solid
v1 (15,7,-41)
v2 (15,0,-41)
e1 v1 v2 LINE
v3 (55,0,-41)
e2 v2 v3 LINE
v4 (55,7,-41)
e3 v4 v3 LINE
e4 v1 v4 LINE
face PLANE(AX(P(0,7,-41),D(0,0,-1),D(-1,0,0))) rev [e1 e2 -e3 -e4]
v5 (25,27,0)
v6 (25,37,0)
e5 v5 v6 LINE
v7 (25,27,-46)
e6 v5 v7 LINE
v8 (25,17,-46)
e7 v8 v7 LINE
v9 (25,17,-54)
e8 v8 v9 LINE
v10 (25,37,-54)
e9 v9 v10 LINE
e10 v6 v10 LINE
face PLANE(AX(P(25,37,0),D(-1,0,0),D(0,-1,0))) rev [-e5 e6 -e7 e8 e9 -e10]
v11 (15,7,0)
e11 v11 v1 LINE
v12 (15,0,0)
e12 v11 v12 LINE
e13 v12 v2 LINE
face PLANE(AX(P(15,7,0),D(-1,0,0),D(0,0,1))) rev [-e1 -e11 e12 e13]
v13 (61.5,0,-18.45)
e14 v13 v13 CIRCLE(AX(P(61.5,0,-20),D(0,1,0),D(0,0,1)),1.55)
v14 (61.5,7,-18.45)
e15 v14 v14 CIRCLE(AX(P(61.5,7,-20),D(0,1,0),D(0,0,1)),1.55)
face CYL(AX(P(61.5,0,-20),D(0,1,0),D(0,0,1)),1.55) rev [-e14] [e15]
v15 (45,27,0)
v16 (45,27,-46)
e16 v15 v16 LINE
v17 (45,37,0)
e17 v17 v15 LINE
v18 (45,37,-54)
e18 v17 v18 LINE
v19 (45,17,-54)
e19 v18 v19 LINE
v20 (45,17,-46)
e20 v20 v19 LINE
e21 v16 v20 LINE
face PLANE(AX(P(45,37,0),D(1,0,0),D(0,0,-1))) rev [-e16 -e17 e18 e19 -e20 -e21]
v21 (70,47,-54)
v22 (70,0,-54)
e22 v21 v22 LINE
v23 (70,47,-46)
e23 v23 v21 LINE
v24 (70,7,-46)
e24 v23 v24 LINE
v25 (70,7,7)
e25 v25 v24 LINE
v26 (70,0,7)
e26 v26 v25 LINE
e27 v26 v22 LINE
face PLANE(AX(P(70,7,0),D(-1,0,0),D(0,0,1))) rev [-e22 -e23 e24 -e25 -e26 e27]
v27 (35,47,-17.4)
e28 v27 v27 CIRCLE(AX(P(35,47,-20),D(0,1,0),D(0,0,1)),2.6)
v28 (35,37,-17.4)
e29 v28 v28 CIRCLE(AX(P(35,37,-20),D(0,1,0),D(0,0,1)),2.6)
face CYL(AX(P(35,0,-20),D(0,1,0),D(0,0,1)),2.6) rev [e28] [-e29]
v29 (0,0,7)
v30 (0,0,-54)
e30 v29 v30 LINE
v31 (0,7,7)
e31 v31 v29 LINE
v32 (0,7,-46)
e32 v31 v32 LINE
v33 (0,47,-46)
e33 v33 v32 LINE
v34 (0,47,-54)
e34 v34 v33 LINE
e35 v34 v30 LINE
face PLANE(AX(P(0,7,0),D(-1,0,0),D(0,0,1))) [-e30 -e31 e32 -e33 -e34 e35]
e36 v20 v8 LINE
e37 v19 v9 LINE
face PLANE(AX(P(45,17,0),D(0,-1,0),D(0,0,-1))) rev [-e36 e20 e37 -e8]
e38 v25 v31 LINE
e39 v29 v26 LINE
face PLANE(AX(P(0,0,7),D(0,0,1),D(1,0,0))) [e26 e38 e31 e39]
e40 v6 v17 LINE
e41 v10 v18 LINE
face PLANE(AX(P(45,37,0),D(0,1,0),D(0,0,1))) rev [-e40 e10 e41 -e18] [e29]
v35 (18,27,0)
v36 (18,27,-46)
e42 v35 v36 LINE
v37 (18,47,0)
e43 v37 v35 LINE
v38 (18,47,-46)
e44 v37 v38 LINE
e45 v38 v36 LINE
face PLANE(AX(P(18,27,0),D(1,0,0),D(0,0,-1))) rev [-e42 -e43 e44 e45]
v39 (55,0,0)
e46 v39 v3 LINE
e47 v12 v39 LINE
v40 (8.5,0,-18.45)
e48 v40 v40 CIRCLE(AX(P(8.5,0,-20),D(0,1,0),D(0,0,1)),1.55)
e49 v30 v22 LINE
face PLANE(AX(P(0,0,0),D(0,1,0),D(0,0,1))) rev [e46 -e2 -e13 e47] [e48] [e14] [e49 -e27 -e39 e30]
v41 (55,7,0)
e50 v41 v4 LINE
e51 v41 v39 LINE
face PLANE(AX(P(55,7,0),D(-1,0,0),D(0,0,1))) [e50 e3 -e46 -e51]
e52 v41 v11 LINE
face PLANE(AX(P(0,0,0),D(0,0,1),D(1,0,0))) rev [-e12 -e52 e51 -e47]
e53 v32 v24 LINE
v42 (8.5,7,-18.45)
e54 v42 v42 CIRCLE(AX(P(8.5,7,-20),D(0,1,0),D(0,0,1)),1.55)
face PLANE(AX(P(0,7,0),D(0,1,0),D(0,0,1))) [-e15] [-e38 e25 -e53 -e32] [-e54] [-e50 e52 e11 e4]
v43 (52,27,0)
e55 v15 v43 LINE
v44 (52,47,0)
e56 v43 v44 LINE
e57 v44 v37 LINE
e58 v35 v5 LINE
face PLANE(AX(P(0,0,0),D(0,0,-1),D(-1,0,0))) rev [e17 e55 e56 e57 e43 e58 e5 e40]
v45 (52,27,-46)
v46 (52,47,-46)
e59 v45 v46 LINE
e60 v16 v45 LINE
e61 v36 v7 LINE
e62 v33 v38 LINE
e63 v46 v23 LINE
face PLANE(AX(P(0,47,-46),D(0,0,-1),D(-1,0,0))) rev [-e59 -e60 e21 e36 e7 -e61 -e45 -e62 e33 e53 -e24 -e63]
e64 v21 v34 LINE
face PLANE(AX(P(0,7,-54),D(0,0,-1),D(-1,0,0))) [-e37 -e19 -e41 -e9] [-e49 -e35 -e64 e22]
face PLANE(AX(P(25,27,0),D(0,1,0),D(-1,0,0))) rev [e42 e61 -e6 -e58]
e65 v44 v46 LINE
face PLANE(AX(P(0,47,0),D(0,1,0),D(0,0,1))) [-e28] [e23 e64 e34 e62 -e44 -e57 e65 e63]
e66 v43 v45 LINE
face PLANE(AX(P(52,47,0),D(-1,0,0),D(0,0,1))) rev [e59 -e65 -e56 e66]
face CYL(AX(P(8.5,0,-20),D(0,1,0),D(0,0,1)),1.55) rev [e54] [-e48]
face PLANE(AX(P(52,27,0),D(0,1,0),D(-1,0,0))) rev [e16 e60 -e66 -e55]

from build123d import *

# Parameters (mm, degrees)
BOSS_EXTRUDE1_DEPTH = 7
SKETCH4_R           = 1.55
CUT_EXTRUDE1_DEPTH  = 89.684835231
SKETCH5_W           = 70
SKETCH5_H           = 8
BOSS_EXTRUDE2_DEPTH = 40
SKETCH6_W           = 20
SKETCH6_H           = 20
CUT_EXTRUDE2_DEPTH  = 101.124921973
BOSS_EXTRUDE4_DEPTH = 46
SKETCH9_R           = 2.6
CUT_EXTRUDE3_DEPTH  = 101.124921973
SKETCH10_W          = 70
SKETCH10_H          = 7
BOSS_EXTRUDE5_DEPTH = 7


with BuildPart() as part:
    # Sketch1 → Boss-Extrude1 (new body)
    with BuildSketch(Plane(origin=(0, 0, 0), x_dir=(1, 0, 0), z_dir=(0, 1, 0))):
        Polygon((0, 54), (0, 0), (15, 0), (15, 41), (55, 41), (55, 0), (70, 0), (70, 54), align=None)
    extrude(amount=BOSS_EXTRUDE1_DEPTH)

    # Sketch4 → Cut-Extrude1 (cut, through all)
    with BuildSketch(Plane(origin=(0, 7, 0), x_dir=(1, 0, 0), z_dir=(0, 1, 0))):
        with Locations(Location((8.5, 20, 0), (0, 0, 270))):
            Circle(SKETCH4_R)
        with Locations(Location((61.5, 20, 0), (0, 0, 270))):
            Circle(SKETCH4_R)
    extrude(amount=-CUT_EXTRUDE1_DEPTH, mode=Mode.SUBTRACT)

    # Sketch5 → Boss-Extrude2 (add)
    with BuildSketch(Plane(origin=(0, 7, 0), x_dir=(1, 0, 0), z_dir=(0, 1, 0))):
        with Locations((35, 50)):
            Rectangle(SKETCH5_W, SKETCH5_H)
    extrude(amount=BOSS_EXTRUDE2_DEPTH)

    # Sketch6 → Cut-Extrude2 (cut, through all)
    with BuildSketch(Plane(origin=(0, 0, -54), x_dir=(-1, 0, 0), z_dir=(0, 0, -1))):
        with Locations((-35, 27)):
            Rectangle(SKETCH6_W, SKETCH6_H)
    extrude(amount=-CUT_EXTRUDE2_DEPTH, mode=Mode.SUBTRACT)

    # Sketch8 → Boss-Extrude4 (add)
    with BuildSketch(Plane.XY.offset(-46)):
        Polygon((18, 47), (52, 47), (52, 27), (45, 27), (45, 37), (25, 37), (25, 27), (18, 27), align=None)
    extrude(amount=BOSS_EXTRUDE4_DEPTH)

    # Sketch9 → Cut-Extrude3 (cut, through all)
    with BuildSketch(Plane(origin=(0, 47, 0), x_dir=(1, 0, 0), z_dir=(0, 1, 0))):
        with Locations(Location((35, 20, 0), (0, 0, 270))):
            Circle(SKETCH9_R)
    extrude(amount=-CUT_EXTRUDE3_DEPTH, mode=Mode.SUBTRACT)

    # Sketch10 → Boss-Extrude5 (add)
    with BuildSketch(Plane.XY):
        with Locations((35, 3.5)):
            Rectangle(SKETCH10_W, SKETCH10_H)
    extrude(amount=BOSS_EXTRUDE5_DEPTH)


solid = part.part
